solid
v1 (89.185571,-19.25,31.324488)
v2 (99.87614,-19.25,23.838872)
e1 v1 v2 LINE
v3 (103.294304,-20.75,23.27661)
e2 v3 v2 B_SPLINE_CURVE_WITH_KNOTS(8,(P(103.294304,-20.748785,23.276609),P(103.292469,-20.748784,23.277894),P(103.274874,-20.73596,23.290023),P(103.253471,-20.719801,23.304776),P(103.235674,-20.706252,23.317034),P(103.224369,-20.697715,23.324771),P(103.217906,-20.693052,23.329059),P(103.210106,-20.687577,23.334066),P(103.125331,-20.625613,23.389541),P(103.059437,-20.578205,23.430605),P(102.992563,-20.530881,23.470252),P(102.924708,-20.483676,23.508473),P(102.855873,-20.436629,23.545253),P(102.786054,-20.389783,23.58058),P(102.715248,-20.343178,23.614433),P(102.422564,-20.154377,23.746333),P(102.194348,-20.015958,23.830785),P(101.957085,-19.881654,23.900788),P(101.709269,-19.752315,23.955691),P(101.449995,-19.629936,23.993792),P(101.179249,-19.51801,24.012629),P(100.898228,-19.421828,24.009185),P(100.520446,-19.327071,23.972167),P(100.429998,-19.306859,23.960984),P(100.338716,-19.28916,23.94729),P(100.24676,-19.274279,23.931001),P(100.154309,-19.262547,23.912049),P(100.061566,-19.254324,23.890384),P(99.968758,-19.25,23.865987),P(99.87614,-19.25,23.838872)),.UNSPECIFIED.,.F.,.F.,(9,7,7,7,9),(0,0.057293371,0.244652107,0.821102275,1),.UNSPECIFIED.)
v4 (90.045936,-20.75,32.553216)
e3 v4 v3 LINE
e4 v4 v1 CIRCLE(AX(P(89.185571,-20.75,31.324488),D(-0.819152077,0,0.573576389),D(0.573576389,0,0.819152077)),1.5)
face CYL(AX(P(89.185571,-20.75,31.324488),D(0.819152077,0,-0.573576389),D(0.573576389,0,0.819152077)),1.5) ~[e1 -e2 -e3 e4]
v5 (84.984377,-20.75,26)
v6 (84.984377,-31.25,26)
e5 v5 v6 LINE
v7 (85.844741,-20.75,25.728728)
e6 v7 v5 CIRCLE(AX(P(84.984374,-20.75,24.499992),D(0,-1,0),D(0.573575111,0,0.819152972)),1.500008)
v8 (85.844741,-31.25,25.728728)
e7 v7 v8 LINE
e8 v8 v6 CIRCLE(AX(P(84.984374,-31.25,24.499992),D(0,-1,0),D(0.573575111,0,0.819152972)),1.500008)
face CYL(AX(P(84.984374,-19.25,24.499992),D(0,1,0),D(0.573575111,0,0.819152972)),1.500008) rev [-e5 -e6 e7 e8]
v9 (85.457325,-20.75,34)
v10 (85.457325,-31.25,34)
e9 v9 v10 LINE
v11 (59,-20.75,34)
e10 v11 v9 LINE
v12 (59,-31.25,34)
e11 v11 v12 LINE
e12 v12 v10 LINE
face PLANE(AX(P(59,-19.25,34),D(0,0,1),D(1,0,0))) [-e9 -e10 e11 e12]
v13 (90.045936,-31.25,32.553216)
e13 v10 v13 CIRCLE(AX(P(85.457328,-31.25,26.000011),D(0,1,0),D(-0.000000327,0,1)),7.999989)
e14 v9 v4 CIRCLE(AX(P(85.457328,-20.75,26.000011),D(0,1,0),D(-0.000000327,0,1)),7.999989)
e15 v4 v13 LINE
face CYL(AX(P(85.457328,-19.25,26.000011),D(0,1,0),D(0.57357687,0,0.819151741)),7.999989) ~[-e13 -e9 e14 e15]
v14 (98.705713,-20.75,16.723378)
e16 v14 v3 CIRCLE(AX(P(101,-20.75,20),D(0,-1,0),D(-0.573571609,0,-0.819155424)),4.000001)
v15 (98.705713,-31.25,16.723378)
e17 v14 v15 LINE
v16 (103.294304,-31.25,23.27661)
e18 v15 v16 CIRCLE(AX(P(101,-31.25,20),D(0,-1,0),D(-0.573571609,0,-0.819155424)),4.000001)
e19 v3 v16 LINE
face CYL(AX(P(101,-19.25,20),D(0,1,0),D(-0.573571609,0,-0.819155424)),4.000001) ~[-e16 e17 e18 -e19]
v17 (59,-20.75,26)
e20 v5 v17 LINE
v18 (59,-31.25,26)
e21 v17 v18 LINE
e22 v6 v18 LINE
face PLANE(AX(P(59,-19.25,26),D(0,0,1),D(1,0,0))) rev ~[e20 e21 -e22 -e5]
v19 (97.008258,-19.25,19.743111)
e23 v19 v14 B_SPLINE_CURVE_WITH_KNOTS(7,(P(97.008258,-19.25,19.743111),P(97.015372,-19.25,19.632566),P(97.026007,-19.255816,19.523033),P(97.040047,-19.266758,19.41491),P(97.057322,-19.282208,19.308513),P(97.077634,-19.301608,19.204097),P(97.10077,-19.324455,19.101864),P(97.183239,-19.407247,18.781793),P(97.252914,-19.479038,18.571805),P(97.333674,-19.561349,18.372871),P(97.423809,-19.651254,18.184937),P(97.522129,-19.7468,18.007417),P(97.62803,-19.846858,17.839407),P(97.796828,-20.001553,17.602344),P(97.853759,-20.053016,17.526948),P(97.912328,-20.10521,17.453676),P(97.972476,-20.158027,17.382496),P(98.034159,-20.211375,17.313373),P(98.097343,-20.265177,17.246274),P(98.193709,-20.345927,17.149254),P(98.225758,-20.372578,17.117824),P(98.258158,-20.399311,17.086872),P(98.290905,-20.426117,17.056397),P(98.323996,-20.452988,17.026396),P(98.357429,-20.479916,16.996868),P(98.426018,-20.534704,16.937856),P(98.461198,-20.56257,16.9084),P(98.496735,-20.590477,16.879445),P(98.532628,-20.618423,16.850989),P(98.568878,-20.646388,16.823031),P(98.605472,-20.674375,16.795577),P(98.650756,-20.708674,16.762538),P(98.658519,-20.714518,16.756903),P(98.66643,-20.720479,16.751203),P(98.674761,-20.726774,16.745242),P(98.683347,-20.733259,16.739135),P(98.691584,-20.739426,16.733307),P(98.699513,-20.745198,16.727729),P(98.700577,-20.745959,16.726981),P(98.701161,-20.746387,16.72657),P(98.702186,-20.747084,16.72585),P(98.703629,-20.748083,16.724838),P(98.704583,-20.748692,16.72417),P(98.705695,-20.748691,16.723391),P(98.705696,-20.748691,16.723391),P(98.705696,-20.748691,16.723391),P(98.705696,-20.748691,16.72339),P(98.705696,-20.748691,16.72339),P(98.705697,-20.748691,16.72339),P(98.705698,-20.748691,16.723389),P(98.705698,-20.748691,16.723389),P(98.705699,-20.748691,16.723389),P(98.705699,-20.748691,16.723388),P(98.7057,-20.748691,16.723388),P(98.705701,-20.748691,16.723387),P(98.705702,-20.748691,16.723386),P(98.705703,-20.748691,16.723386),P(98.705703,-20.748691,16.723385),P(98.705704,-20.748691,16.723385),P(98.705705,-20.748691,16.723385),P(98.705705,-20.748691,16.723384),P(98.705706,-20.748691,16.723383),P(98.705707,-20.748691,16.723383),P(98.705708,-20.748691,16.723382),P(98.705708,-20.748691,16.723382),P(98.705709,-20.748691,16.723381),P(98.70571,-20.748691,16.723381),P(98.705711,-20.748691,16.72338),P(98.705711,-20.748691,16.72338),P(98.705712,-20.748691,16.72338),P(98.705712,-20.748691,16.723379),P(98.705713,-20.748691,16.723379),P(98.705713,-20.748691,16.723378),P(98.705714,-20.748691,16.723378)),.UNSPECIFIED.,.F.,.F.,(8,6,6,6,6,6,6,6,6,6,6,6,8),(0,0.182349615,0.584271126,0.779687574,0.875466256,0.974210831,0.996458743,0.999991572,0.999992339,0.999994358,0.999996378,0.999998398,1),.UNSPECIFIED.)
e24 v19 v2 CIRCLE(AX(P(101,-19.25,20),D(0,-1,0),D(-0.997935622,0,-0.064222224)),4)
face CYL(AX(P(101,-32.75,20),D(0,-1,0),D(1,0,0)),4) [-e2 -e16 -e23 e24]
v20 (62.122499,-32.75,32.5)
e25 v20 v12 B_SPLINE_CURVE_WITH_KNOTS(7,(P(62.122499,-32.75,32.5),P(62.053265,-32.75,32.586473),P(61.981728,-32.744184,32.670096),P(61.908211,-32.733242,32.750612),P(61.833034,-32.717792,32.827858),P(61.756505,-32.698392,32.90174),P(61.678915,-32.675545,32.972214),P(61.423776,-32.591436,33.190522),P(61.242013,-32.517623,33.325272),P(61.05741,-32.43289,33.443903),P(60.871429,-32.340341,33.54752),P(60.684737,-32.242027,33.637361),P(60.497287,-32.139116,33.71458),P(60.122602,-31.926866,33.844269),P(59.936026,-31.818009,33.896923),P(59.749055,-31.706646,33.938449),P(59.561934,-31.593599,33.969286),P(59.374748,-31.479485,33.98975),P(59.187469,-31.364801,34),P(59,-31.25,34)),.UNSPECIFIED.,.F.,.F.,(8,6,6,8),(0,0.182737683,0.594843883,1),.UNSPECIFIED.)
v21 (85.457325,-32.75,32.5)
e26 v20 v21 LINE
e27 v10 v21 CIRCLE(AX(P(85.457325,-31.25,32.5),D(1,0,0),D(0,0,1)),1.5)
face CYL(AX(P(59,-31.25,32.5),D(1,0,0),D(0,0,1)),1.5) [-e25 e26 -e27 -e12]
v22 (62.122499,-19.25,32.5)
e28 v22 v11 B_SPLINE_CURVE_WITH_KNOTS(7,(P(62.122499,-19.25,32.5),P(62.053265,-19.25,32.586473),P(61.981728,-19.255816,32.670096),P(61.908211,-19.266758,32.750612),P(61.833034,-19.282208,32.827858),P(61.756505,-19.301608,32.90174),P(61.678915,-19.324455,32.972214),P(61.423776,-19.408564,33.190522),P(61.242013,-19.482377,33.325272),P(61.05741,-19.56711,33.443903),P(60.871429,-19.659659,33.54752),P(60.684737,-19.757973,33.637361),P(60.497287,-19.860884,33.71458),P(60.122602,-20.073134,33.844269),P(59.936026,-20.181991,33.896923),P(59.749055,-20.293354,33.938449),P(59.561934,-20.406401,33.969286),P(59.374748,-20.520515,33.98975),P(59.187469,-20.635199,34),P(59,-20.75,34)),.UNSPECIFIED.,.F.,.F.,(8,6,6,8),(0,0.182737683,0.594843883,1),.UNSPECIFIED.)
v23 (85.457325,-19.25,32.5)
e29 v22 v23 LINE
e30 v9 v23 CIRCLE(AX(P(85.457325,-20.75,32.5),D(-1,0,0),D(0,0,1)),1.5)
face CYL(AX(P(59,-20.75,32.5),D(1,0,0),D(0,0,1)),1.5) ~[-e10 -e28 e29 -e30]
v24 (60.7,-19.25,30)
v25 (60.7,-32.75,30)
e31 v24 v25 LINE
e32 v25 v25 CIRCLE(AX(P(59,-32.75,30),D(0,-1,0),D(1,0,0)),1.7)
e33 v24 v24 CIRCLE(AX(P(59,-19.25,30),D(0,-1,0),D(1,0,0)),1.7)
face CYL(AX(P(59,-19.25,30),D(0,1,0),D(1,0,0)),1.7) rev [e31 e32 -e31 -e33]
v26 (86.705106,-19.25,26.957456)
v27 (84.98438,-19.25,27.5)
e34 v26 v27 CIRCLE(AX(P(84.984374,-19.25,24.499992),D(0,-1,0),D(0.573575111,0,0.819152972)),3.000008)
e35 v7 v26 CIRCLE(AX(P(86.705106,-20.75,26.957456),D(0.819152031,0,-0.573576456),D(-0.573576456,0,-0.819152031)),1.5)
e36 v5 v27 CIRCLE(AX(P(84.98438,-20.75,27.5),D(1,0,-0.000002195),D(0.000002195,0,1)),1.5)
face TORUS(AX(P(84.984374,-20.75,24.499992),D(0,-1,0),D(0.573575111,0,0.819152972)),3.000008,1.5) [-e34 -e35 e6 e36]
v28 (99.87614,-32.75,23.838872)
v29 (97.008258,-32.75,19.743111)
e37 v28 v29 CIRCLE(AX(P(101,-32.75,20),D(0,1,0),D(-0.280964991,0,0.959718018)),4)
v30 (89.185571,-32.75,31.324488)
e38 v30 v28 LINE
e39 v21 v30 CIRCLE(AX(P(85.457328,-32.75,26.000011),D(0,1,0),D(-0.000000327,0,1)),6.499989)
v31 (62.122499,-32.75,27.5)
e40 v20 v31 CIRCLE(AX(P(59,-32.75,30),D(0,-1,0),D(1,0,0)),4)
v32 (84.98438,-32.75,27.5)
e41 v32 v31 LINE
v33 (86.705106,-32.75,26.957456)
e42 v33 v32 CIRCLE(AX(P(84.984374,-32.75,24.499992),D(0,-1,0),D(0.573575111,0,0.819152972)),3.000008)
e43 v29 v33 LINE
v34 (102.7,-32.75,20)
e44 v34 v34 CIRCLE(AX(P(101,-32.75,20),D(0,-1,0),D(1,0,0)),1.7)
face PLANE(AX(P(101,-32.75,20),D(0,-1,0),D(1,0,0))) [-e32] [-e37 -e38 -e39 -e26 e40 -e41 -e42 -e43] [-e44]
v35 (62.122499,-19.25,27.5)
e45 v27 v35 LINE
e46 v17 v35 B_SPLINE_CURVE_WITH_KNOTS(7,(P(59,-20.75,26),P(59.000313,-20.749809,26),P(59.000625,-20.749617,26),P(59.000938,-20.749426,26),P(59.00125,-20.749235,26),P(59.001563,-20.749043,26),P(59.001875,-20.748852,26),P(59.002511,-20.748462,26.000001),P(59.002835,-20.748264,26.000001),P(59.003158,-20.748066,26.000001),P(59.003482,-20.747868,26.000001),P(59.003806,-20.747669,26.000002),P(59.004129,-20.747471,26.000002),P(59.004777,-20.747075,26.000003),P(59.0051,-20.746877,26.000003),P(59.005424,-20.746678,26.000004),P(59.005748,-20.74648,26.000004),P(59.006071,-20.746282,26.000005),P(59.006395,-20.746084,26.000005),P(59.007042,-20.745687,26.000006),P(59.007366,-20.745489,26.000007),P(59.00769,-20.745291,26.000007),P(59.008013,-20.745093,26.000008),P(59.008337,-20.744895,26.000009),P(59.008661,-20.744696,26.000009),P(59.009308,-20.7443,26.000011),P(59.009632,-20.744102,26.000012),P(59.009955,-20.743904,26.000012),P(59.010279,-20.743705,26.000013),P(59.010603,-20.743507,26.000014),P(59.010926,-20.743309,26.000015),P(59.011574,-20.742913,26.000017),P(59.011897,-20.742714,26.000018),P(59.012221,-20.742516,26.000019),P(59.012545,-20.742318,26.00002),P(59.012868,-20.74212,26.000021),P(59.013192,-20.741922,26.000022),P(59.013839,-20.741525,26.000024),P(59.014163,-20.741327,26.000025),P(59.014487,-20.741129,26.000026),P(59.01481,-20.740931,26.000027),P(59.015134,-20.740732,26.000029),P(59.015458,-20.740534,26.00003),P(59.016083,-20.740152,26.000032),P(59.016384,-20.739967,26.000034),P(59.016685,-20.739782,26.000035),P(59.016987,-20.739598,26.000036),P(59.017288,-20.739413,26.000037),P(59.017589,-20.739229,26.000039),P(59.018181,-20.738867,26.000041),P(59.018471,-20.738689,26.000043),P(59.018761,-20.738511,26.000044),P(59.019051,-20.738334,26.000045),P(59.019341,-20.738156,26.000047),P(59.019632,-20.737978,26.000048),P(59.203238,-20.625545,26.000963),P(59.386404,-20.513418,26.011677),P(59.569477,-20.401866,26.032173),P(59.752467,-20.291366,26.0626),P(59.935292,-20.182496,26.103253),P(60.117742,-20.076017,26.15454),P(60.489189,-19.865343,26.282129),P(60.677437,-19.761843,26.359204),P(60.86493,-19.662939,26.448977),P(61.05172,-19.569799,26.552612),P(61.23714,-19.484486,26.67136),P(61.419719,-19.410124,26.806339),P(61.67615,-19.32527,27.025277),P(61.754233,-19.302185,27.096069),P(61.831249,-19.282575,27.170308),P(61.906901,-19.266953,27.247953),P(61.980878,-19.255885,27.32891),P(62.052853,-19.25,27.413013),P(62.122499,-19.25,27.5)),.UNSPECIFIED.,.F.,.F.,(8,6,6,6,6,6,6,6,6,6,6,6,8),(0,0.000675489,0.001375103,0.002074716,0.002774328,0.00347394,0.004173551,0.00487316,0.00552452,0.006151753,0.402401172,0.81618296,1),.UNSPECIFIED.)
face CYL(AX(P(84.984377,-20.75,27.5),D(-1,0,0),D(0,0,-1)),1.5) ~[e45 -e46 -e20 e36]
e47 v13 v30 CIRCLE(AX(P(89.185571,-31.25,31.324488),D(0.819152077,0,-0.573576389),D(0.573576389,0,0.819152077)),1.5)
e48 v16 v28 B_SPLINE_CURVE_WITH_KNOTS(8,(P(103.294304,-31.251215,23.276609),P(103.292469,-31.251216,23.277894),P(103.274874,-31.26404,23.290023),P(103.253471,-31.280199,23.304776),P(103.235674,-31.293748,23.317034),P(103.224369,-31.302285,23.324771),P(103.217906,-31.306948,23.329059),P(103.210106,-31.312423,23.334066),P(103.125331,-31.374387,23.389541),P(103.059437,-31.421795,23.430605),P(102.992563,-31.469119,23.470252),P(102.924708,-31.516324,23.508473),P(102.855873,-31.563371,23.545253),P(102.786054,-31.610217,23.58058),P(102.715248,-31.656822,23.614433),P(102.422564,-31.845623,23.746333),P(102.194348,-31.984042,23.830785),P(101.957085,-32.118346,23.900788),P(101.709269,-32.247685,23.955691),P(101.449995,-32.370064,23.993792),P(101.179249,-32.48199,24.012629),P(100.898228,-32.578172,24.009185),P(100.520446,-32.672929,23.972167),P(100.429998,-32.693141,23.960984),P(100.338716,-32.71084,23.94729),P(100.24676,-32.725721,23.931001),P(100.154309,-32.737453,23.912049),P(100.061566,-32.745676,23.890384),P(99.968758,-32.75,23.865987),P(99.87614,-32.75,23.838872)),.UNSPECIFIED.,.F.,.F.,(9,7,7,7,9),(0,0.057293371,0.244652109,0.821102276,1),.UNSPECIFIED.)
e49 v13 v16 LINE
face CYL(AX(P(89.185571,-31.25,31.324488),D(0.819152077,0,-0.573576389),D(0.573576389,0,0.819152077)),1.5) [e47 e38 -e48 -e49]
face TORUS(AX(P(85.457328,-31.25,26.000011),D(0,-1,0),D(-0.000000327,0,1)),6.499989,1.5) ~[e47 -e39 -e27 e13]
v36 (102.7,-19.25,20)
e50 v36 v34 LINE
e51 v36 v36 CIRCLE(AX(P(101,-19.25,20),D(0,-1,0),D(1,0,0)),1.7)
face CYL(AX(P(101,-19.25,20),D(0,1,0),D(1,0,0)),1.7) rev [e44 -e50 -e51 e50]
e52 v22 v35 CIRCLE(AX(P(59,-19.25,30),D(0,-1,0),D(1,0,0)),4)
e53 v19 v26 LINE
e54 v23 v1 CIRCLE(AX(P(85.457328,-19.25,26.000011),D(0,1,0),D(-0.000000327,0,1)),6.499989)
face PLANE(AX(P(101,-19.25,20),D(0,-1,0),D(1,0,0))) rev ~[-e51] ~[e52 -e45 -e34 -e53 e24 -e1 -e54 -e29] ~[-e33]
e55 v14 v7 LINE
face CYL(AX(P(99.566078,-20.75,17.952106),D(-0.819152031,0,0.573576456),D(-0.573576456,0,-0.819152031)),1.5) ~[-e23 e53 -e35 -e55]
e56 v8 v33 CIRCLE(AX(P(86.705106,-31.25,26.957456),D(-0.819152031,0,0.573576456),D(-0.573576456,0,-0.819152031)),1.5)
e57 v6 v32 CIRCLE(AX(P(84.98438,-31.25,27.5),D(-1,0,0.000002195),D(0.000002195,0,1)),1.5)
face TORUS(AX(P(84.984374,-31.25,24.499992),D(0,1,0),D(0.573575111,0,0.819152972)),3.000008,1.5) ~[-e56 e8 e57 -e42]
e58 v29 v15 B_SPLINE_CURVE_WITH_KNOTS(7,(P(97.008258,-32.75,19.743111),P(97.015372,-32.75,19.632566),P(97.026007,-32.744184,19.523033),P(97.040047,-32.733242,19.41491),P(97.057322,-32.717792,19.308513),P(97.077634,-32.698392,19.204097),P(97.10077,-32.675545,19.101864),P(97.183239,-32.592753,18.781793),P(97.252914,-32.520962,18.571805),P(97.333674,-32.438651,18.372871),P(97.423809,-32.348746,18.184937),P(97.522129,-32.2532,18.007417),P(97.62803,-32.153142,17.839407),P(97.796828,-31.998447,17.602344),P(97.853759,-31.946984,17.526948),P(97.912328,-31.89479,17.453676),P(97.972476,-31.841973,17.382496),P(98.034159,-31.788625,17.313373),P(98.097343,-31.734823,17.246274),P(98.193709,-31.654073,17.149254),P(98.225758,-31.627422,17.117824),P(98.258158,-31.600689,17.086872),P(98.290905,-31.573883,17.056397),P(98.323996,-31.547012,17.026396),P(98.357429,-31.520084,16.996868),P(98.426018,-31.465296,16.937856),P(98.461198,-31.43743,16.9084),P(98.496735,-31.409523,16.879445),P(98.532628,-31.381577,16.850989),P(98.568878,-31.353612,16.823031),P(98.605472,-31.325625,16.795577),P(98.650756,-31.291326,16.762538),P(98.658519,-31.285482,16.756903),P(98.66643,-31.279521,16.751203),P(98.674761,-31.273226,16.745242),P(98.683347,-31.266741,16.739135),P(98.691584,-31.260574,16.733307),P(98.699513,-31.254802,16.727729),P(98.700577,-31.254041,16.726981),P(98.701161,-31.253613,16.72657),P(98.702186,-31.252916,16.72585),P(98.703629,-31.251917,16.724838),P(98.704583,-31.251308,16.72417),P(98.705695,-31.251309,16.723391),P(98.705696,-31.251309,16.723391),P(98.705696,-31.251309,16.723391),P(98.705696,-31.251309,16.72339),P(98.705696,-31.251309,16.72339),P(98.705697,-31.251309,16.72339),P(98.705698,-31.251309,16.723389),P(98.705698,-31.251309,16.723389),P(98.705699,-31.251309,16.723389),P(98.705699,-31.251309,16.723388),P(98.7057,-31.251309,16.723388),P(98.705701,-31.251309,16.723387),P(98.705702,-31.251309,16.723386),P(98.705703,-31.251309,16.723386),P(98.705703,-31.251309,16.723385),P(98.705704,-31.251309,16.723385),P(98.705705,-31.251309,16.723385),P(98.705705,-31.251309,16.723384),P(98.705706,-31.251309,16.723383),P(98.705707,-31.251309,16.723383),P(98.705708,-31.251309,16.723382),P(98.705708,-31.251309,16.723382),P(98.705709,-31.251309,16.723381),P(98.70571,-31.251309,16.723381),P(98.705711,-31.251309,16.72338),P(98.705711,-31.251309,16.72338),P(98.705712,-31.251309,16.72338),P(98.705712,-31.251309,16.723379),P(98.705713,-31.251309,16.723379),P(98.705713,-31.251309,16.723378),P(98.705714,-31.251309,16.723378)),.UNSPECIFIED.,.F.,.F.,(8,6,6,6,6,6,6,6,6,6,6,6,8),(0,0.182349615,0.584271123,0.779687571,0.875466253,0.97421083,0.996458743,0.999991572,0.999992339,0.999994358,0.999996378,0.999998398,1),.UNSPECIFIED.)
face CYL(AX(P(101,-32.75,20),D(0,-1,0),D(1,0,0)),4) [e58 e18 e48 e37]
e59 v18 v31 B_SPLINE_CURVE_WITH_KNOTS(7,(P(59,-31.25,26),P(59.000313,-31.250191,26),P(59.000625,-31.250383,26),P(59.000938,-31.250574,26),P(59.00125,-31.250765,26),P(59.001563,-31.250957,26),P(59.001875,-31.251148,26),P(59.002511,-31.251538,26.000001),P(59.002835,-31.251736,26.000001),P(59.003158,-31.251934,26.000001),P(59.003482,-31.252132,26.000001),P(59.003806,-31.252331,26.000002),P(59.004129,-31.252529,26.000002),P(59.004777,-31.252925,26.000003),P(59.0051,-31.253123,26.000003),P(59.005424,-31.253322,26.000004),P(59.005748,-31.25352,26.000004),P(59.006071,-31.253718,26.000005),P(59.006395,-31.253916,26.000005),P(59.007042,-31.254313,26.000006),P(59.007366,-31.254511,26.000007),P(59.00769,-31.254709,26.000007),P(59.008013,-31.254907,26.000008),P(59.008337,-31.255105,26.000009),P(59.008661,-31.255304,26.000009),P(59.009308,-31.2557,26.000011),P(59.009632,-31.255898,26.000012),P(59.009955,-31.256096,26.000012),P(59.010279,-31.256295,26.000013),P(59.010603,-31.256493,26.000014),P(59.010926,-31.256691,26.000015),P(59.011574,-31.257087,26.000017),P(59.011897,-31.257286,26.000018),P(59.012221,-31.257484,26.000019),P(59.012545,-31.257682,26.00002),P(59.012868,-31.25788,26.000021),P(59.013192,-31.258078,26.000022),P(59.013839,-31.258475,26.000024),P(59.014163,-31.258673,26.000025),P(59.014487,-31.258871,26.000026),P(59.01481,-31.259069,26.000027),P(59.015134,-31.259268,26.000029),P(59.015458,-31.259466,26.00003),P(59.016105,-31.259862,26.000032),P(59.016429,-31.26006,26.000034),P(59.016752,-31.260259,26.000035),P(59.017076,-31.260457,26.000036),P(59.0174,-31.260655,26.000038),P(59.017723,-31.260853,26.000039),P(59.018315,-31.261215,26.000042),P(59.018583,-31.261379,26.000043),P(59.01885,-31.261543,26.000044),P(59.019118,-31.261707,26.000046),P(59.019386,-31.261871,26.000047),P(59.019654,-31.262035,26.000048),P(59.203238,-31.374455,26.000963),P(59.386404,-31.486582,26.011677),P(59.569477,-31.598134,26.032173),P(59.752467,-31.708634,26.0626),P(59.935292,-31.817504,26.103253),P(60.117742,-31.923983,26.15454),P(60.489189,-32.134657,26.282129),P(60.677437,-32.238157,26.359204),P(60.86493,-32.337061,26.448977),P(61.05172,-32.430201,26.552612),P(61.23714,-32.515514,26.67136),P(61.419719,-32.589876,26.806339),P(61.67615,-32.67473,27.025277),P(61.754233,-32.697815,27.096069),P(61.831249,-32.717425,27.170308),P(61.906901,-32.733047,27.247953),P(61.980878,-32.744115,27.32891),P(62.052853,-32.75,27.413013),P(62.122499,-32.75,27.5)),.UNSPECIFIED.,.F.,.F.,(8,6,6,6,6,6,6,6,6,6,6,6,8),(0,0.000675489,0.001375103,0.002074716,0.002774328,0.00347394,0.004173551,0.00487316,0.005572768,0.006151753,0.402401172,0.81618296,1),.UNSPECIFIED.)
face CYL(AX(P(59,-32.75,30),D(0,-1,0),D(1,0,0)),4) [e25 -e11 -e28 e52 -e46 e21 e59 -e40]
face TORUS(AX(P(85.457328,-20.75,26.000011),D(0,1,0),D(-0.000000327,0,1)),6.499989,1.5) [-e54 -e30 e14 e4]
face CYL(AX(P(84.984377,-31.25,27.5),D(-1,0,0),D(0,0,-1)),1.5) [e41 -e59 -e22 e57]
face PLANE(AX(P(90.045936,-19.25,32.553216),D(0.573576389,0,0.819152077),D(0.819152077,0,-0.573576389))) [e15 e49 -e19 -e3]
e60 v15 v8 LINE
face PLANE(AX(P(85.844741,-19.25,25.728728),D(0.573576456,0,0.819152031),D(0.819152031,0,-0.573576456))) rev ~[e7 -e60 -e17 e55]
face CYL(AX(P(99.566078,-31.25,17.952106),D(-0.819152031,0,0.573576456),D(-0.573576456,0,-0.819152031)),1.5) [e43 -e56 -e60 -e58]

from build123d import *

# Parameters (mm, degrees)
SKETCH007_R              = 1.7
PAD019_DEPTH             = 13.5
FILLET006_R              = 1.5
SKETCH035_R              = 4
SKETCH035_R_2            = 1.7
PAD020_DEPTH             = 13.5
CLONE164_PLACEMENT_ANGLE = 180


with BuildPart() as part:
    # Sketch007 → Pad019 (new body)
    with BuildSketch(Plane(origin=(0, 19.25, 0), x_dir=(-1, 0, 0), z_dir=(0, 1, 0))):
        with BuildLine():
            ThreePointArc((12, 26), (8, 22), (12, 18))
            Line((12, 18), (37.984377, 18))
            ThreePointArc((38.844741, 17.728728), (38.435435, 17.930575), (37.984377, 18))
            Line((38.844741, 17.728728), (51.705713, 8.723378))
            ThreePointArc((51.705713, 8.723378), (57.276616, 9.705705), (56.294304, 15.27661))
            Line((43.045936, 24.553216), (56.294304, 15.27661))
            ThreePointArc((43.045936, 24.553216), (40.862971, 25.629736), (38.457325, 26))
            Line((12, 26), (38.457325, 26))
        make_face()
        with Locations((12, 22)):
            Circle(SKETCH007_R, mode=Mode.SUBTRACT)
        with Locations((54, 12)):
            Circle(SKETCH007_R, mode=Mode.SUBTRACT)
    extrude(amount=PAD019_DEPTH)

    # Fillet006
    fillet006_edges = [part.edges().sort_by_distance(p)[0] for p in [
        (-49.67012, 32.75, 19.914913),
        (-49.67012, 19.25, 19.914913),
    ]]
    fillet(fillet006_edges, radius=FILLET006_R)

    # Sketch035 (on Face12 of Fillet006) → Pad020 (join)
    with BuildSketch(Plane(origin=(0, 32.75, 0), x_dir=(-1, 0, 0), z_dir=(0, 1, 0))):
        with Locations((54, 12)):
            Circle(SKETCH035_R)
        with Locations((54, 12)):
            Circle(SKETCH035_R_2, mode=Mode.SUBTRACT)
        with Locations((12, 22)):
            Circle(SKETCH035_R)
        with Locations((12, 22)):
            Circle(SKETCH035_R_2, mode=Mode.SUBTRACT)
    extrude(amount=-PAD020_DEPTH)


with BuildPart() as part_1:
    # Body002 placement: moved
    add(part.part.moved(Location((0, -5, 0))))


with BuildPart() as part_2:
    # Clone164 placement: moved
    add(part_1.part.moved(Location((47, -5, 8))).rotate(Axis((47, -5, 8), (0, 0, 1)), CLONE164_PLACEMENT_ANGLE))


solid = part_2.part
